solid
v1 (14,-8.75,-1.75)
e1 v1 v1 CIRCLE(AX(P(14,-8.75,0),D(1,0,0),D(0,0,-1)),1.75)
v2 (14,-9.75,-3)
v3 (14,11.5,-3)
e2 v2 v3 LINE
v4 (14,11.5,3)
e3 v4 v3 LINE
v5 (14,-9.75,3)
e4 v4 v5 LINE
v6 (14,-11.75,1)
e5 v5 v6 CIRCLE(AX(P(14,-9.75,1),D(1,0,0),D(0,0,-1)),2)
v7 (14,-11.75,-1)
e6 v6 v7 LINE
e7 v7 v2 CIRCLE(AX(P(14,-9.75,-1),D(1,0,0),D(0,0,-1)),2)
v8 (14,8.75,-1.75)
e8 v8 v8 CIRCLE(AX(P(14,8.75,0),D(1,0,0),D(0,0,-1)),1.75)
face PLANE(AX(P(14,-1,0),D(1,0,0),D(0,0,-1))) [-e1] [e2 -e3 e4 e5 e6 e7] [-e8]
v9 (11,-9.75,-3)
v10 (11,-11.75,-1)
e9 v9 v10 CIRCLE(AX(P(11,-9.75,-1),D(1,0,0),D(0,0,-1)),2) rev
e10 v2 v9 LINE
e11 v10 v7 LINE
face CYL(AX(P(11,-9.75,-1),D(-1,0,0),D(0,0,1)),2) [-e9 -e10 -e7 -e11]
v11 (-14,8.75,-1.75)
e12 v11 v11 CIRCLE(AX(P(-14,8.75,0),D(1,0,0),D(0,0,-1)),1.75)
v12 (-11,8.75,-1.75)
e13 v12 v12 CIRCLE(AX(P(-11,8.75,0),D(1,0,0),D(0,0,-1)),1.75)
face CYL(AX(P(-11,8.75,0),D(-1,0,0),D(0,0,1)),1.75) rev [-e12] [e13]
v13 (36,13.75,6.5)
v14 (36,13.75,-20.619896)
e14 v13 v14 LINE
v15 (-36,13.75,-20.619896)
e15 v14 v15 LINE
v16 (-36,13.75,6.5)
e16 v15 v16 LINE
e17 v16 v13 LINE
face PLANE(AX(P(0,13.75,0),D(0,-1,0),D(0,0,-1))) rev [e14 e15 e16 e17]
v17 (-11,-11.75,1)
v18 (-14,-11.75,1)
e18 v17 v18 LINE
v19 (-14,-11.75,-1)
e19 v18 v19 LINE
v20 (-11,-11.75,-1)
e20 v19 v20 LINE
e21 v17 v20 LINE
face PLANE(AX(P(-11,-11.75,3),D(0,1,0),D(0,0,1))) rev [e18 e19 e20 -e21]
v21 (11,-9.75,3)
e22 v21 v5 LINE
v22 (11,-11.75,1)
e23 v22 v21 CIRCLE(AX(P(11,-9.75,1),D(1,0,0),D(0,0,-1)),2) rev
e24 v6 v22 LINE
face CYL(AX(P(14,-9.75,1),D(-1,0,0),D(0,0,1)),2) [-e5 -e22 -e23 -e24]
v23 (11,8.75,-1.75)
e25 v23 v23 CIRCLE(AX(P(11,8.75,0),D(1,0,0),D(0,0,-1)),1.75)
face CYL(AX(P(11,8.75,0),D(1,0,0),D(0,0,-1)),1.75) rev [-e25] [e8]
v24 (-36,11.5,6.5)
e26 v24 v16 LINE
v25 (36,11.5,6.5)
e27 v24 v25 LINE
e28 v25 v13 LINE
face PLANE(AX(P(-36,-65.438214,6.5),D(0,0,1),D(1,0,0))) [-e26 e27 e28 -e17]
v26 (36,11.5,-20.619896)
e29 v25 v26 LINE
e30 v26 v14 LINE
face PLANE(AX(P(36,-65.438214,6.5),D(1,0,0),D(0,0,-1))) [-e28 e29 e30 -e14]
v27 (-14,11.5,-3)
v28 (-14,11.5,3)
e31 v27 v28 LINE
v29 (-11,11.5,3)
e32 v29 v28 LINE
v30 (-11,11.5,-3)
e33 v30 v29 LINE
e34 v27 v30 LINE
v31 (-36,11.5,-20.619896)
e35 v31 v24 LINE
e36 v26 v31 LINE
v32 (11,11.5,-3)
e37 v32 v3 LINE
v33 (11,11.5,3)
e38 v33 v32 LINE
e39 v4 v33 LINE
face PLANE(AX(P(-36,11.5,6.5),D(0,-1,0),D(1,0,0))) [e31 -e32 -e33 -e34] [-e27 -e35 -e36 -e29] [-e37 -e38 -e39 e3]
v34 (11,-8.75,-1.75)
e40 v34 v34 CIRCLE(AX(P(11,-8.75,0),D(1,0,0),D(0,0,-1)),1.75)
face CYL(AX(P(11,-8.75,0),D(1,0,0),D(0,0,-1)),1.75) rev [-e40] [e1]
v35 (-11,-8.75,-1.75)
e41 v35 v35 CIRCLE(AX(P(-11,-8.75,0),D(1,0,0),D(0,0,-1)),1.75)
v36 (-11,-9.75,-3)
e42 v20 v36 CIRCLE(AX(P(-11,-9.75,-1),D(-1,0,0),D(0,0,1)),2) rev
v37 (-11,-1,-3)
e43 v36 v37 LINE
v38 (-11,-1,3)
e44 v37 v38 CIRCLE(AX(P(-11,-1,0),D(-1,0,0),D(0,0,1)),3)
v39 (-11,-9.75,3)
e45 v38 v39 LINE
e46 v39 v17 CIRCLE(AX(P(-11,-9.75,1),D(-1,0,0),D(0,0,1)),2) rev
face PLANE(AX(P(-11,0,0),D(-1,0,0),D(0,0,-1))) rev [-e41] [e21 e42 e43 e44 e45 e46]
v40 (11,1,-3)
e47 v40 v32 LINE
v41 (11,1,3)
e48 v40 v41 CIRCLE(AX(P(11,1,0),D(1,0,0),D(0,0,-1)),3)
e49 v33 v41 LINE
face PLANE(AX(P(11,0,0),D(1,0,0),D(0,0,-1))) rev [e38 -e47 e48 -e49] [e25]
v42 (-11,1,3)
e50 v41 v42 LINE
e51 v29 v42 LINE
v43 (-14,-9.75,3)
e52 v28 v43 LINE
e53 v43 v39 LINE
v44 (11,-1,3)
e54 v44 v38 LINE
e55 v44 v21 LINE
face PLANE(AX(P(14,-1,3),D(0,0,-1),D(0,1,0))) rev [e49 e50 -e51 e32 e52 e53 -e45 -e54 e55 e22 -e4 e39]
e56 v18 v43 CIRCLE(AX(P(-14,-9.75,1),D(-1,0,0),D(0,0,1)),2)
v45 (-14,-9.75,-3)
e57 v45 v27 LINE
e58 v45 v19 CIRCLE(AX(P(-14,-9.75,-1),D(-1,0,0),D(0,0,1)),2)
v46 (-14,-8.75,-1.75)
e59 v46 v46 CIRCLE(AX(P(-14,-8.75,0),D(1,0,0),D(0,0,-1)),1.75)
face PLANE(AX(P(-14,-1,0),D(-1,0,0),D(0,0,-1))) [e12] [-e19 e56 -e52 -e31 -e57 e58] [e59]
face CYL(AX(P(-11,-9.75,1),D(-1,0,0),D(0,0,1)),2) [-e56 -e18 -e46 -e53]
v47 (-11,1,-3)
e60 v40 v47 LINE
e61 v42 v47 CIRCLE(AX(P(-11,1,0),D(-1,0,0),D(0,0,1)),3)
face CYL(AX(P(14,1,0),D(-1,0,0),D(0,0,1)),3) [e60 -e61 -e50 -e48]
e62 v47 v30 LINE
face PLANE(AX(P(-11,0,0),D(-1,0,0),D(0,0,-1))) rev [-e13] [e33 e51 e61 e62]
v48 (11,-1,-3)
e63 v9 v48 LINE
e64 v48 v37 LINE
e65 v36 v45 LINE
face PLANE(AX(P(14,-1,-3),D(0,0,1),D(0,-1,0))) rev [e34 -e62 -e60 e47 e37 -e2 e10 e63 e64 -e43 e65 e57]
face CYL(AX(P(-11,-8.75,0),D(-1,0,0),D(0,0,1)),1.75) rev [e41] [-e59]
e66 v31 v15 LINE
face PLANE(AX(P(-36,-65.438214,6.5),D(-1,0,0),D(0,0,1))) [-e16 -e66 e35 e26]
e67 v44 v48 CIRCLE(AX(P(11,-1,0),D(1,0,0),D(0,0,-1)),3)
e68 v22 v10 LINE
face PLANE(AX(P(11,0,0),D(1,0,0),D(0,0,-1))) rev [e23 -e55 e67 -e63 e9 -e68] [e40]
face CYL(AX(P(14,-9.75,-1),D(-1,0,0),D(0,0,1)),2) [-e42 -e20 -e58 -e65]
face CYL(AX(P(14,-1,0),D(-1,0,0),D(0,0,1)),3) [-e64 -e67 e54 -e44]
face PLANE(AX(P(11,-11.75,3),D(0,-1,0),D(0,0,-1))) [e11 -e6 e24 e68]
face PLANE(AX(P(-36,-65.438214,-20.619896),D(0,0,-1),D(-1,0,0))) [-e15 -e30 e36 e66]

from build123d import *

# Parameters (mm, degrees)
SALIENTE_EXTRUIR1_DEPTH      = 14
CROQUIS3_W                   = 6
CROQUIS3_H                   = 23.5
CROQUIS3_R                   = 1.75
SALIENTE_EXTRUIR2_DEPTH      = 3
REDONDEO1_R                  = 2
REDONDEO1_OF_SIMETR_A1_R     = 2
CROQUIS6_W                   = 72
CROQUIS6_H                   = 27.119895789
SALIENTE_EXTRUIR5_DEPTH      = 2
SALIENTE_EXTRUIR5_DEPTH_BACK = 0.25


with BuildPart() as part:
    # Croquis2 → Saliente-Extruir1 (new body)
    with BuildSketch(Plane(origin=(0, 0, 0), x_dir=(0, 0, -1), z_dir=(1, 0, 0))):
        with BuildLine():
            Line((-3, -1), (-3, 1))
            ThreePointArc((-3, 1), (0, 4), (3, 1))
            Line((3, 1), (3, -1))
            ThreePointArc((3, -1), (0, -4), (-3, -1))
        make_face()
    saliente_extruir1 = extrude(amount=SALIENTE_EXTRUIR1_DEPTH)

    # Croquis3 → Saliente-Extruir2 (add)
    with BuildSketch(Plane(origin=(14, 0, 0), x_dir=(0, 0, -1), z_dir=(1, 0, 0))):
        Rectangle(CROQUIS3_W, CROQUIS3_H)
        with Locations((0, 8.75)):
            Circle(CROQUIS3_R, mode=Mode.SUBTRACT)
        with Locations((0, -8.75)):
            Circle(CROQUIS3_R, mode=Mode.SUBTRACT)
    saliente_extruir2 = extrude(amount=-SALIENTE_EXTRUIR2_DEPTH)

    # Redondeo1
    redondeo1_edges = [part.edges().sort_by_distance(p)[0] for p in [
        (12.5, -11.75, -3),
        (12.5, -11.75, 3),
    ]]
    fillet(redondeo1_edges, radius=REDONDEO1_R)

    # Simetría1: Saliente-Extruir1, Saliente-Extruir2 across plane
    add(saliente_extruir1.mirror(Plane(origin=(0, 0, 0), x_dir=(0, 0, 1), z_dir=(1, 0, 0))))
    add(saliente_extruir2.mirror(Plane(origin=(0, 0, 0), x_dir=(0, 0, 1), z_dir=(1, 0, 0))))

    # Redondeo1 of Simetría1
    redondeo1_of_simetr_a1_edges = [part.edges().sort_by_distance(p)[0] for p in [
        (-12.5, -11.75, -3),
        (-12.5, -11.75, 3),
    ]]
    fillet(redondeo1_of_simetr_a1_edges, radius=REDONDEO1_OF_SIMETR_A1_R)

    # Croquis6 → Saliente-Extruir5 (add, two sides)
    with BuildSketch(Plane(origin=(0, 11.75, 0), x_dir=(1, 0, 0), z_dir=(0, 1, 0))) as saliente_extruir5_sk:
        with Locations((0, 7.059947895)):
            Rectangle(CROQUIS6_W, CROQUIS6_H)
    extrude(amount=SALIENTE_EXTRUIR5_DEPTH)
    extrude(saliente_extruir5_sk.sketch, amount=-SALIENTE_EXTRUIR5_DEPTH_BACK)


solid = part.part
